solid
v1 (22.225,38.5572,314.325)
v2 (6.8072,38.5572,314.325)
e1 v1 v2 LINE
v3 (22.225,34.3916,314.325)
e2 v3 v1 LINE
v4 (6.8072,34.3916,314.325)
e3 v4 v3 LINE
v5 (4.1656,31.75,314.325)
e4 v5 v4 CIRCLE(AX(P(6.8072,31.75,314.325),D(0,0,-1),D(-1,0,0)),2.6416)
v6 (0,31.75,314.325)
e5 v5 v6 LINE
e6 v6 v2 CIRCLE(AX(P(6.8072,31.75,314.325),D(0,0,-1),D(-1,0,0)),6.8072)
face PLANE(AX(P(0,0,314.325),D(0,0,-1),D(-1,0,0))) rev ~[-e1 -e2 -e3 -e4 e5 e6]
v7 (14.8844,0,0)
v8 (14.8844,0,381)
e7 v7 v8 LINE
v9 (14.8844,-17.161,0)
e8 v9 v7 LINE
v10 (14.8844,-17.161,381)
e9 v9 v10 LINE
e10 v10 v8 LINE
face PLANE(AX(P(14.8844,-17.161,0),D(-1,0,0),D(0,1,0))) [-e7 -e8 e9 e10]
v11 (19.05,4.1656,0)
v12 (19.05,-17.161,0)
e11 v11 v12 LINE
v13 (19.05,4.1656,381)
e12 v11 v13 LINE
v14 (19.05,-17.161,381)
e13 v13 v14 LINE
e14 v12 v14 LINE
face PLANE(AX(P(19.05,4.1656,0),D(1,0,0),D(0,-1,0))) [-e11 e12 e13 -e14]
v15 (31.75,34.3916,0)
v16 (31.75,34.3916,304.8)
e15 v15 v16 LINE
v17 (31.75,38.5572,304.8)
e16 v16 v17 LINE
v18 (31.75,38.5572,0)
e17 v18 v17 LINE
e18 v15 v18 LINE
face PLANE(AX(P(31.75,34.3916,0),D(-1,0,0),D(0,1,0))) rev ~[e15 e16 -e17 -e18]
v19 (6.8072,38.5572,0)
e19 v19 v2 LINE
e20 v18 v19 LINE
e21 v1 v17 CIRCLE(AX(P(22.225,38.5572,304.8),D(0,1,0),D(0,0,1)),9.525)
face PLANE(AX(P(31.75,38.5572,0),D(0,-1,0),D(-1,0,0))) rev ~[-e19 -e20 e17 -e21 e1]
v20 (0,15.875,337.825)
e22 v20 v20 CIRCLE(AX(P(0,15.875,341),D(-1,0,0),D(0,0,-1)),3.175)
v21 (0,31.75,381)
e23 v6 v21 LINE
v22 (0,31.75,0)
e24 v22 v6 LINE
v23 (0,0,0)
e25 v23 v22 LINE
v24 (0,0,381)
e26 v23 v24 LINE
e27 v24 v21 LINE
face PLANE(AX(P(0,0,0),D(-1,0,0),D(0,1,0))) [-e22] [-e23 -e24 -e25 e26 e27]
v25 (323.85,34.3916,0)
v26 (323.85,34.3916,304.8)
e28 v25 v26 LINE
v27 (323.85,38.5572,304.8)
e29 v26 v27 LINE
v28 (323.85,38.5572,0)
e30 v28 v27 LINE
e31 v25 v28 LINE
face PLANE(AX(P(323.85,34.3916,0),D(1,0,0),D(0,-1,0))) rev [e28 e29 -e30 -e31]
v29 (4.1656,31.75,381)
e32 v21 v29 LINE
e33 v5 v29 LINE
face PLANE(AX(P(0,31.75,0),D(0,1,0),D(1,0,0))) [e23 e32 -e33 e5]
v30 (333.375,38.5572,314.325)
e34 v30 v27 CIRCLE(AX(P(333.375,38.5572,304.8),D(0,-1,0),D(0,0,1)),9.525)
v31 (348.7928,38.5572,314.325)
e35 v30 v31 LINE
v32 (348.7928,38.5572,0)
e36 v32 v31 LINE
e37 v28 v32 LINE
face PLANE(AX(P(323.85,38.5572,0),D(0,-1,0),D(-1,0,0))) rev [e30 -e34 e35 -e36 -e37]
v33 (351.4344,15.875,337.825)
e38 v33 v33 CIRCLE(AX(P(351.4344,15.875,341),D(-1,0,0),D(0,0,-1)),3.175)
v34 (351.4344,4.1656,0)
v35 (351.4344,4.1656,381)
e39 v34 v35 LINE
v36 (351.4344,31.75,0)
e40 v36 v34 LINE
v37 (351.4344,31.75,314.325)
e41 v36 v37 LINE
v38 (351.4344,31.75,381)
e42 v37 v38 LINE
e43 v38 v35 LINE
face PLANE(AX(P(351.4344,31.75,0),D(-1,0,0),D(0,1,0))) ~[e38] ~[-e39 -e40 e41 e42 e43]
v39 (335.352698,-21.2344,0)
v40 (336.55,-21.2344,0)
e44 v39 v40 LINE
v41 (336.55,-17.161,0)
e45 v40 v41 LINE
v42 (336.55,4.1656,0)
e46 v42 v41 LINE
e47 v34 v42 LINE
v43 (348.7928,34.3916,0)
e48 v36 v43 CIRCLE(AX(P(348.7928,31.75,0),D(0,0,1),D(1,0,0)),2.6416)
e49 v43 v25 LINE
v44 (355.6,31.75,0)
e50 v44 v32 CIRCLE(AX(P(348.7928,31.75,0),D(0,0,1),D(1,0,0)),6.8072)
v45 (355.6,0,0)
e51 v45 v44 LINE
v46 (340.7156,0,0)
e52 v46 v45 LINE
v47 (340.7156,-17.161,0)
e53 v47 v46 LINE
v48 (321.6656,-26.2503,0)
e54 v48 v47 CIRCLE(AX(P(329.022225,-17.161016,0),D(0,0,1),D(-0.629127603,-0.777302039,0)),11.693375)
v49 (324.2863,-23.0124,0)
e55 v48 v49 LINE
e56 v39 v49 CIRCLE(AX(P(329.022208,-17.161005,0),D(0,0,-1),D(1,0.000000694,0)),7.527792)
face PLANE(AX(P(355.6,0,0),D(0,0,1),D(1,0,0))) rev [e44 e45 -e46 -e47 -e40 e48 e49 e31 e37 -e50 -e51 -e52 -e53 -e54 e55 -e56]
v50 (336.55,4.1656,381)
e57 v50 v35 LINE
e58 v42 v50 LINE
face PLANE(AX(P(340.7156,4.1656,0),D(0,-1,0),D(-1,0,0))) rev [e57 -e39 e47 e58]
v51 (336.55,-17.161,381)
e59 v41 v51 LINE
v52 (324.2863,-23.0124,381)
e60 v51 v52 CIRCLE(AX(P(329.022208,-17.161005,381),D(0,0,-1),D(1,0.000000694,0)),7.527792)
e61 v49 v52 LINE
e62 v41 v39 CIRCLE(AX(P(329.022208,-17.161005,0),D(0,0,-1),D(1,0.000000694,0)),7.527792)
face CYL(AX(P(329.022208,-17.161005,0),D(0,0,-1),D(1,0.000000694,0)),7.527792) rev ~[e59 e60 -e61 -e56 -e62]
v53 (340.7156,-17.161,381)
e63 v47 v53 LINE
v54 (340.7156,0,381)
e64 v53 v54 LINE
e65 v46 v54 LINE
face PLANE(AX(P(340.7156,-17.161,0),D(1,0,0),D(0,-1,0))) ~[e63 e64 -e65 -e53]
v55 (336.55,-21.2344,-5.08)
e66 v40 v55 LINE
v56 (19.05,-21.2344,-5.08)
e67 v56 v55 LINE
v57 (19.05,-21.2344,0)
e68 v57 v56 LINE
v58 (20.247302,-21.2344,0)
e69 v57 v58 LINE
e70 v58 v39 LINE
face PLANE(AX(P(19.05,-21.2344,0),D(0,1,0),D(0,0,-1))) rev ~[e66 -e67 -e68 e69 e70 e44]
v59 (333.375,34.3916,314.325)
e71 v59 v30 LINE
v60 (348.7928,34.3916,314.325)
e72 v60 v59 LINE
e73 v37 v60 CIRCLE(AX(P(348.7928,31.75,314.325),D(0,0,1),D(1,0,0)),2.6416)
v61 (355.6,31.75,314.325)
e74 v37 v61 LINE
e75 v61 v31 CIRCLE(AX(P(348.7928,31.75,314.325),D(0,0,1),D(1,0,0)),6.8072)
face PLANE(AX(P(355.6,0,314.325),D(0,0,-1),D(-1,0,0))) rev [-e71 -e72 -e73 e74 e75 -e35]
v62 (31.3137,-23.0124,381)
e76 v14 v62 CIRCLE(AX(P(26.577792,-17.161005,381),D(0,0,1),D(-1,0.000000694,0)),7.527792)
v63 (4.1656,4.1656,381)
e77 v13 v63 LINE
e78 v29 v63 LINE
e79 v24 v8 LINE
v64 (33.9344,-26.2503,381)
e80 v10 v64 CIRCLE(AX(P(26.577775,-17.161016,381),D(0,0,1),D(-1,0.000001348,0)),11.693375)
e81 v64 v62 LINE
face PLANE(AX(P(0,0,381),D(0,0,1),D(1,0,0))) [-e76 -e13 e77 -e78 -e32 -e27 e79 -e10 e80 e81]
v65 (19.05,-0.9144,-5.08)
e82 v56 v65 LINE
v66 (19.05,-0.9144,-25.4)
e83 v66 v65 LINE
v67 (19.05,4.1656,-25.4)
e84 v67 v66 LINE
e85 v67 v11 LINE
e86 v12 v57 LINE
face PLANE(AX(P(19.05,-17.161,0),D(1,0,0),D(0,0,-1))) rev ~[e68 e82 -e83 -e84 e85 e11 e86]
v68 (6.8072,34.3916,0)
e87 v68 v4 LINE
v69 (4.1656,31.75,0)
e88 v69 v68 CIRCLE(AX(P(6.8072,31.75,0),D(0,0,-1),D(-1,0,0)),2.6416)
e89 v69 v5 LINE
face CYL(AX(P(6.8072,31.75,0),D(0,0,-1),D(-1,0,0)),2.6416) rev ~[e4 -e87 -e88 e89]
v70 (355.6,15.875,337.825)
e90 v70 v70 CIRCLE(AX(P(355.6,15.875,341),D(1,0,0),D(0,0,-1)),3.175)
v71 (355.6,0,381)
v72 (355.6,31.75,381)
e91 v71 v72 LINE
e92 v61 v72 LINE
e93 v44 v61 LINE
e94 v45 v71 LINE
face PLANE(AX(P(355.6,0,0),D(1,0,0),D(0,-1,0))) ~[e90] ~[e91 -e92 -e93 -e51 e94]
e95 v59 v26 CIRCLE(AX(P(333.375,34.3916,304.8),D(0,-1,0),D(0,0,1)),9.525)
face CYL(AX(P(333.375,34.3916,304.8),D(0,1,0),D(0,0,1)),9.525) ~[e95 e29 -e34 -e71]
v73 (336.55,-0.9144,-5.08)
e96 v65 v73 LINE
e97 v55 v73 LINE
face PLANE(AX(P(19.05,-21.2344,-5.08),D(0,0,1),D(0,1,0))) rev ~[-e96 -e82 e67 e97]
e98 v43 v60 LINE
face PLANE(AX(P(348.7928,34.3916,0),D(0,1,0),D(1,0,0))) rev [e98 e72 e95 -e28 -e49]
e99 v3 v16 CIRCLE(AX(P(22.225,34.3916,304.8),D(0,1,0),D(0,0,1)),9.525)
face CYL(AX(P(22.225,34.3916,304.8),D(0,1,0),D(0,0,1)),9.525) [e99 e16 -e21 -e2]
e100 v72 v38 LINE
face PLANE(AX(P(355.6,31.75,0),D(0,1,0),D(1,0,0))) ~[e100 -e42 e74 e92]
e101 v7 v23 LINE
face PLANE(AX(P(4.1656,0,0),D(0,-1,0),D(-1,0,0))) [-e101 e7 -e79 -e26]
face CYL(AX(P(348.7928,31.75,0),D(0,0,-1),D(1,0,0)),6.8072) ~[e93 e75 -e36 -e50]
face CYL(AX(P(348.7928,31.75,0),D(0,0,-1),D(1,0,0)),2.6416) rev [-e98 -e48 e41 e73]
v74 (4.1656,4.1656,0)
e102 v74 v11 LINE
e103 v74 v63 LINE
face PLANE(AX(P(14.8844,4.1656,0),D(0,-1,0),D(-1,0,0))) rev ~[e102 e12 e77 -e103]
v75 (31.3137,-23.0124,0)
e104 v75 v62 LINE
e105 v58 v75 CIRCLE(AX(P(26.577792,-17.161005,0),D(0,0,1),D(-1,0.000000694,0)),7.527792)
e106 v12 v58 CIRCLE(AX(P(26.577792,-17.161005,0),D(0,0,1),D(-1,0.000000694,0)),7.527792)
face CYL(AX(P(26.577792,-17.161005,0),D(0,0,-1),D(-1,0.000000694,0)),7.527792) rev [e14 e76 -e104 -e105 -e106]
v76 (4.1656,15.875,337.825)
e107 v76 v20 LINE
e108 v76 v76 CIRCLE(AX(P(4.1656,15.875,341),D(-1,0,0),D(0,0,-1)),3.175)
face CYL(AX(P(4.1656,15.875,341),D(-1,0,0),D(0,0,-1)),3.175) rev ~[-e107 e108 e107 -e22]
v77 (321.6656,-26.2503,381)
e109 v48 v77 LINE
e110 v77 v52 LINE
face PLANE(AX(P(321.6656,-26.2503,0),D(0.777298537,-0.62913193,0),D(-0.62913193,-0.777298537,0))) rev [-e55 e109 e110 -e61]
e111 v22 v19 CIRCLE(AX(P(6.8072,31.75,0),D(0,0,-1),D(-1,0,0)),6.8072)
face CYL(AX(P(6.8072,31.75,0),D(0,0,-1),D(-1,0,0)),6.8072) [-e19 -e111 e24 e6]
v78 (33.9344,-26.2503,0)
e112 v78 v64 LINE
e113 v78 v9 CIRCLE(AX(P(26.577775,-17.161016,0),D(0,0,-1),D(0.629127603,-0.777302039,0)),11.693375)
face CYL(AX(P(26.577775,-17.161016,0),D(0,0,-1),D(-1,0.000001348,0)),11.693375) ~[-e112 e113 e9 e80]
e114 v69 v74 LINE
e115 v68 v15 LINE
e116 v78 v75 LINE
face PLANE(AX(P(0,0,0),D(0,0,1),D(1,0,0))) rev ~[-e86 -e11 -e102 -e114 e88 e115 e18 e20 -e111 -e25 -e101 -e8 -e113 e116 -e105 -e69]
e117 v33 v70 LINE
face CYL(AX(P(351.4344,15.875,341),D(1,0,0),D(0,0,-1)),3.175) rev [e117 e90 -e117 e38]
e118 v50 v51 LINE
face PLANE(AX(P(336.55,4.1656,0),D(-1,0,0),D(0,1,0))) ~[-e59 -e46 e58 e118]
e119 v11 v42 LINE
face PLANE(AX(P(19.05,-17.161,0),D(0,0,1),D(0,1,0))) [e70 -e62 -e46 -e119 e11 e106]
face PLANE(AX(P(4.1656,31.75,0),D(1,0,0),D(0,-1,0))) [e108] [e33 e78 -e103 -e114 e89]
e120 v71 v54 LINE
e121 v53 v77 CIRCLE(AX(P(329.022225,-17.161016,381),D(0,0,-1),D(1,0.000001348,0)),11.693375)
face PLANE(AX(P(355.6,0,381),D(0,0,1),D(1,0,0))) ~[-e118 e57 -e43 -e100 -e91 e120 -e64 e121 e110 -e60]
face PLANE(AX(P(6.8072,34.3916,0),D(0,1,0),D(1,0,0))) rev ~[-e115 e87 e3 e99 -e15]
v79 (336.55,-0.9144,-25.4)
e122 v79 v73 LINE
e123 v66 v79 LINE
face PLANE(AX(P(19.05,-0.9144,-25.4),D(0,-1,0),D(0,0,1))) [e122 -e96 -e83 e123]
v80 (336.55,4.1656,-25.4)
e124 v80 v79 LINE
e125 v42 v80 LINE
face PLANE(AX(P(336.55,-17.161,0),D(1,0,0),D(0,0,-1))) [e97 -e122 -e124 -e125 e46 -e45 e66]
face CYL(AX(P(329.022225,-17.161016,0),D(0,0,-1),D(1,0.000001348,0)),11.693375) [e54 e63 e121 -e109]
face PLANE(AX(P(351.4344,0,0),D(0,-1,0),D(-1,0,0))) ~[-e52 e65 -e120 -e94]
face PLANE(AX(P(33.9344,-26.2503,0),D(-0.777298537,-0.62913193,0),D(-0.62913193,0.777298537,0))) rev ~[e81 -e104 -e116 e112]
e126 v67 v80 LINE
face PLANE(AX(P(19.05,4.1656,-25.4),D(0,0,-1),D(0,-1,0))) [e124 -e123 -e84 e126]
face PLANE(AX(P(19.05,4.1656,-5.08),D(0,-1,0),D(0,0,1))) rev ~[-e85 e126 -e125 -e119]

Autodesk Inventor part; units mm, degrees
ref_plane "YZ Plane" through (0, 0, 0) normal (1, 0, 0) x (0, 1, 0)
ref_plane "XZ Plane" through (0, 0, 0) normal (0, 1, 0) x (-1, 0, 0)
ref_plane "XY Plane" through (0, 0, 0) normal (0, 0, 1) x (1, 0, 0)
sketch "Sketch1" plane through (0, 0, 0) normal (0, 0, 1) x (1, 0, 0)
  line L0 (0, 31.75) -> (4.1656, 31.75)
  line L1 (4.1656, 31.75) -> (4.1656, 0)
  line L2 (4.1656, 0) -> (0, 0)
  line L3 (0, 0) -> (0, 31.75)
  line L4 (4.1656, 0) -> (14.8844, 0)
  line L5 (14.8844, 0) -> (14.8844, 4.1656)
  line L6 (14.8844, 4.1656) -> (4.1656, 4.1656)
  line L7 (4.1656, 4.1656) -> (4.1656, 0)
  line L8 (14.8844, 4.1656) -> (19.05, 4.1656)
  line L9 (19.05, 4.1656) -> (19.05, -17.161)
  line L10 (19.05, -17.161) -> (14.8844, -17.161)
  line L11 (14.8844, -17.161) -> (14.8844, 4.1656)
  arc A0 (14.8844, -17.161) -> (33.9344, -26.2503) centre (26.5778, -17.161) ccw
  arc A1 (19.05, -17.161) -> (31.3137, -23.0124) centre (26.5778, -17.161) ccw
  line L12 (33.9344, -26.2503) -> (31.3137, -23.0124)
  line L13 (16.255, -28.8544) -> (45.3124, -28.8544)
  dimension "d0" = 31.75
  dimension "d1" = 19.05
  dimension "d2" = 4.1656
  dimension "d5" = 33.02
  dimension "d6" = 19.05
  dimension "d7" = 5.842
extrude "Extrusion1" add sketch "Sketch1" along normal blind 381
sketch "Sketch2" plane through (0, 0, 0) normal (0, 0, -1) x (-1, 0, 0)
  line L0 (0, 31.75) -> (0, 0) projected
  line L1 (-4.1656, 31.75) -> (0, 31.75) projected
  line L2 (-4.1656, 4.1656) -> (-4.1656, 31.75) projected
  arc A0 (-33.9344, -26.2503) -> (-14.8844, -17.161) centre (-26.5778, -17.161) ccw projected
  line L3 (-31.75, 38.5572) -> (-6.8072, 38.5572)
  line L4 (-6.8072, 38.5572) -> (-6.8072, 34.3916)
  line L5 (-6.8072, 34.3916) -> (-31.75, 34.3916)
  line L6 (-31.75, 34.3916) -> (-31.75, 38.5572)
  arc A1 (0, 31.75) -> (-6.8072, 38.5572) centre (-6.8072, 31.75) ccw
  arc A2 (-4.1656, 31.75) -> (-6.8072, 34.3916) centre (-6.8072, 31.75) ccw
  line L7 (-19.05, -28.8544) -> (-58.4387, -28.8544)
  dimension "d12" = 67.4116
  dimension "d13" = 31.75
extrude "Extrusion2" add sketch "Sketch2" against normal blind 314.325
fillet "Fillet1" radius 9.525 1 edges at (31.75, 36.4744, 314.325)
ref_plane "Work Plane1" through (177.8, 0, 381) normal (-1, 0, 0) x (0, 0, 1)
sketch "Sketch4" plane through (4.1656, 4.1656, 381) normal (1, 0, 0) x (0, 0, -1)
  line L0 (66.675, 27.5844) -> (0, 27.5844) projected
  line L1 (0, 27.5844) -> (0, 0) projected
  point P0 (381, -4.1656)
  point P1 (40, 11.7094)
  dimension "d24" = 15.875
  dimension "d25" = 40
hole "Hole1" at (4.1656, 15.875, 341) direction (-1, 0, 0) diameter 6.35 end through all
mirror "Mirror2" about plane through (177.8, 0, 381) normal (-1, 0, 0) of "Extrusion1", "Extrusion2", "Fillet1", "Hole1"
sketch "Sketch3" plane through (19.05, -17.161, 0) normal (1, 0, 0) x (0, 0, -1)
  line L0 (0, 0) -> (0, 21.3266)
  line L1 (0, 21.3266) -> (-381, 21.3266) projected
  line L2 (0, -4.0734) -> (5.08, -4.0734)
  line L3 (5.08, -4.0734) -> (5.08, 21.3266)
  line L4 (5.08, 21.3266) -> (0, 21.3266)
  line L5 (0, 21.3266) -> (0, -4.0734)
  line L6 (5.08, 21.3266) -> (25.4, 21.3266)
  line L7 (25.4, 21.3266) -> (25.4, 16.2466)
  line L8 (25.4, 16.2466) -> (5.08, 16.2466)
  line L9 (5.08, 16.2466) -> (5.08, 21.3266)
  point P0 (0, 17.161)
  dimension "d18" = 5.08
  dimension "d19" = 25.4
  dimension "d20" = 25.4
extrude "crosspiece" add sketch "Sketch3" along normal up to surface (317.5 mm away)
properties part number "battery rails"
